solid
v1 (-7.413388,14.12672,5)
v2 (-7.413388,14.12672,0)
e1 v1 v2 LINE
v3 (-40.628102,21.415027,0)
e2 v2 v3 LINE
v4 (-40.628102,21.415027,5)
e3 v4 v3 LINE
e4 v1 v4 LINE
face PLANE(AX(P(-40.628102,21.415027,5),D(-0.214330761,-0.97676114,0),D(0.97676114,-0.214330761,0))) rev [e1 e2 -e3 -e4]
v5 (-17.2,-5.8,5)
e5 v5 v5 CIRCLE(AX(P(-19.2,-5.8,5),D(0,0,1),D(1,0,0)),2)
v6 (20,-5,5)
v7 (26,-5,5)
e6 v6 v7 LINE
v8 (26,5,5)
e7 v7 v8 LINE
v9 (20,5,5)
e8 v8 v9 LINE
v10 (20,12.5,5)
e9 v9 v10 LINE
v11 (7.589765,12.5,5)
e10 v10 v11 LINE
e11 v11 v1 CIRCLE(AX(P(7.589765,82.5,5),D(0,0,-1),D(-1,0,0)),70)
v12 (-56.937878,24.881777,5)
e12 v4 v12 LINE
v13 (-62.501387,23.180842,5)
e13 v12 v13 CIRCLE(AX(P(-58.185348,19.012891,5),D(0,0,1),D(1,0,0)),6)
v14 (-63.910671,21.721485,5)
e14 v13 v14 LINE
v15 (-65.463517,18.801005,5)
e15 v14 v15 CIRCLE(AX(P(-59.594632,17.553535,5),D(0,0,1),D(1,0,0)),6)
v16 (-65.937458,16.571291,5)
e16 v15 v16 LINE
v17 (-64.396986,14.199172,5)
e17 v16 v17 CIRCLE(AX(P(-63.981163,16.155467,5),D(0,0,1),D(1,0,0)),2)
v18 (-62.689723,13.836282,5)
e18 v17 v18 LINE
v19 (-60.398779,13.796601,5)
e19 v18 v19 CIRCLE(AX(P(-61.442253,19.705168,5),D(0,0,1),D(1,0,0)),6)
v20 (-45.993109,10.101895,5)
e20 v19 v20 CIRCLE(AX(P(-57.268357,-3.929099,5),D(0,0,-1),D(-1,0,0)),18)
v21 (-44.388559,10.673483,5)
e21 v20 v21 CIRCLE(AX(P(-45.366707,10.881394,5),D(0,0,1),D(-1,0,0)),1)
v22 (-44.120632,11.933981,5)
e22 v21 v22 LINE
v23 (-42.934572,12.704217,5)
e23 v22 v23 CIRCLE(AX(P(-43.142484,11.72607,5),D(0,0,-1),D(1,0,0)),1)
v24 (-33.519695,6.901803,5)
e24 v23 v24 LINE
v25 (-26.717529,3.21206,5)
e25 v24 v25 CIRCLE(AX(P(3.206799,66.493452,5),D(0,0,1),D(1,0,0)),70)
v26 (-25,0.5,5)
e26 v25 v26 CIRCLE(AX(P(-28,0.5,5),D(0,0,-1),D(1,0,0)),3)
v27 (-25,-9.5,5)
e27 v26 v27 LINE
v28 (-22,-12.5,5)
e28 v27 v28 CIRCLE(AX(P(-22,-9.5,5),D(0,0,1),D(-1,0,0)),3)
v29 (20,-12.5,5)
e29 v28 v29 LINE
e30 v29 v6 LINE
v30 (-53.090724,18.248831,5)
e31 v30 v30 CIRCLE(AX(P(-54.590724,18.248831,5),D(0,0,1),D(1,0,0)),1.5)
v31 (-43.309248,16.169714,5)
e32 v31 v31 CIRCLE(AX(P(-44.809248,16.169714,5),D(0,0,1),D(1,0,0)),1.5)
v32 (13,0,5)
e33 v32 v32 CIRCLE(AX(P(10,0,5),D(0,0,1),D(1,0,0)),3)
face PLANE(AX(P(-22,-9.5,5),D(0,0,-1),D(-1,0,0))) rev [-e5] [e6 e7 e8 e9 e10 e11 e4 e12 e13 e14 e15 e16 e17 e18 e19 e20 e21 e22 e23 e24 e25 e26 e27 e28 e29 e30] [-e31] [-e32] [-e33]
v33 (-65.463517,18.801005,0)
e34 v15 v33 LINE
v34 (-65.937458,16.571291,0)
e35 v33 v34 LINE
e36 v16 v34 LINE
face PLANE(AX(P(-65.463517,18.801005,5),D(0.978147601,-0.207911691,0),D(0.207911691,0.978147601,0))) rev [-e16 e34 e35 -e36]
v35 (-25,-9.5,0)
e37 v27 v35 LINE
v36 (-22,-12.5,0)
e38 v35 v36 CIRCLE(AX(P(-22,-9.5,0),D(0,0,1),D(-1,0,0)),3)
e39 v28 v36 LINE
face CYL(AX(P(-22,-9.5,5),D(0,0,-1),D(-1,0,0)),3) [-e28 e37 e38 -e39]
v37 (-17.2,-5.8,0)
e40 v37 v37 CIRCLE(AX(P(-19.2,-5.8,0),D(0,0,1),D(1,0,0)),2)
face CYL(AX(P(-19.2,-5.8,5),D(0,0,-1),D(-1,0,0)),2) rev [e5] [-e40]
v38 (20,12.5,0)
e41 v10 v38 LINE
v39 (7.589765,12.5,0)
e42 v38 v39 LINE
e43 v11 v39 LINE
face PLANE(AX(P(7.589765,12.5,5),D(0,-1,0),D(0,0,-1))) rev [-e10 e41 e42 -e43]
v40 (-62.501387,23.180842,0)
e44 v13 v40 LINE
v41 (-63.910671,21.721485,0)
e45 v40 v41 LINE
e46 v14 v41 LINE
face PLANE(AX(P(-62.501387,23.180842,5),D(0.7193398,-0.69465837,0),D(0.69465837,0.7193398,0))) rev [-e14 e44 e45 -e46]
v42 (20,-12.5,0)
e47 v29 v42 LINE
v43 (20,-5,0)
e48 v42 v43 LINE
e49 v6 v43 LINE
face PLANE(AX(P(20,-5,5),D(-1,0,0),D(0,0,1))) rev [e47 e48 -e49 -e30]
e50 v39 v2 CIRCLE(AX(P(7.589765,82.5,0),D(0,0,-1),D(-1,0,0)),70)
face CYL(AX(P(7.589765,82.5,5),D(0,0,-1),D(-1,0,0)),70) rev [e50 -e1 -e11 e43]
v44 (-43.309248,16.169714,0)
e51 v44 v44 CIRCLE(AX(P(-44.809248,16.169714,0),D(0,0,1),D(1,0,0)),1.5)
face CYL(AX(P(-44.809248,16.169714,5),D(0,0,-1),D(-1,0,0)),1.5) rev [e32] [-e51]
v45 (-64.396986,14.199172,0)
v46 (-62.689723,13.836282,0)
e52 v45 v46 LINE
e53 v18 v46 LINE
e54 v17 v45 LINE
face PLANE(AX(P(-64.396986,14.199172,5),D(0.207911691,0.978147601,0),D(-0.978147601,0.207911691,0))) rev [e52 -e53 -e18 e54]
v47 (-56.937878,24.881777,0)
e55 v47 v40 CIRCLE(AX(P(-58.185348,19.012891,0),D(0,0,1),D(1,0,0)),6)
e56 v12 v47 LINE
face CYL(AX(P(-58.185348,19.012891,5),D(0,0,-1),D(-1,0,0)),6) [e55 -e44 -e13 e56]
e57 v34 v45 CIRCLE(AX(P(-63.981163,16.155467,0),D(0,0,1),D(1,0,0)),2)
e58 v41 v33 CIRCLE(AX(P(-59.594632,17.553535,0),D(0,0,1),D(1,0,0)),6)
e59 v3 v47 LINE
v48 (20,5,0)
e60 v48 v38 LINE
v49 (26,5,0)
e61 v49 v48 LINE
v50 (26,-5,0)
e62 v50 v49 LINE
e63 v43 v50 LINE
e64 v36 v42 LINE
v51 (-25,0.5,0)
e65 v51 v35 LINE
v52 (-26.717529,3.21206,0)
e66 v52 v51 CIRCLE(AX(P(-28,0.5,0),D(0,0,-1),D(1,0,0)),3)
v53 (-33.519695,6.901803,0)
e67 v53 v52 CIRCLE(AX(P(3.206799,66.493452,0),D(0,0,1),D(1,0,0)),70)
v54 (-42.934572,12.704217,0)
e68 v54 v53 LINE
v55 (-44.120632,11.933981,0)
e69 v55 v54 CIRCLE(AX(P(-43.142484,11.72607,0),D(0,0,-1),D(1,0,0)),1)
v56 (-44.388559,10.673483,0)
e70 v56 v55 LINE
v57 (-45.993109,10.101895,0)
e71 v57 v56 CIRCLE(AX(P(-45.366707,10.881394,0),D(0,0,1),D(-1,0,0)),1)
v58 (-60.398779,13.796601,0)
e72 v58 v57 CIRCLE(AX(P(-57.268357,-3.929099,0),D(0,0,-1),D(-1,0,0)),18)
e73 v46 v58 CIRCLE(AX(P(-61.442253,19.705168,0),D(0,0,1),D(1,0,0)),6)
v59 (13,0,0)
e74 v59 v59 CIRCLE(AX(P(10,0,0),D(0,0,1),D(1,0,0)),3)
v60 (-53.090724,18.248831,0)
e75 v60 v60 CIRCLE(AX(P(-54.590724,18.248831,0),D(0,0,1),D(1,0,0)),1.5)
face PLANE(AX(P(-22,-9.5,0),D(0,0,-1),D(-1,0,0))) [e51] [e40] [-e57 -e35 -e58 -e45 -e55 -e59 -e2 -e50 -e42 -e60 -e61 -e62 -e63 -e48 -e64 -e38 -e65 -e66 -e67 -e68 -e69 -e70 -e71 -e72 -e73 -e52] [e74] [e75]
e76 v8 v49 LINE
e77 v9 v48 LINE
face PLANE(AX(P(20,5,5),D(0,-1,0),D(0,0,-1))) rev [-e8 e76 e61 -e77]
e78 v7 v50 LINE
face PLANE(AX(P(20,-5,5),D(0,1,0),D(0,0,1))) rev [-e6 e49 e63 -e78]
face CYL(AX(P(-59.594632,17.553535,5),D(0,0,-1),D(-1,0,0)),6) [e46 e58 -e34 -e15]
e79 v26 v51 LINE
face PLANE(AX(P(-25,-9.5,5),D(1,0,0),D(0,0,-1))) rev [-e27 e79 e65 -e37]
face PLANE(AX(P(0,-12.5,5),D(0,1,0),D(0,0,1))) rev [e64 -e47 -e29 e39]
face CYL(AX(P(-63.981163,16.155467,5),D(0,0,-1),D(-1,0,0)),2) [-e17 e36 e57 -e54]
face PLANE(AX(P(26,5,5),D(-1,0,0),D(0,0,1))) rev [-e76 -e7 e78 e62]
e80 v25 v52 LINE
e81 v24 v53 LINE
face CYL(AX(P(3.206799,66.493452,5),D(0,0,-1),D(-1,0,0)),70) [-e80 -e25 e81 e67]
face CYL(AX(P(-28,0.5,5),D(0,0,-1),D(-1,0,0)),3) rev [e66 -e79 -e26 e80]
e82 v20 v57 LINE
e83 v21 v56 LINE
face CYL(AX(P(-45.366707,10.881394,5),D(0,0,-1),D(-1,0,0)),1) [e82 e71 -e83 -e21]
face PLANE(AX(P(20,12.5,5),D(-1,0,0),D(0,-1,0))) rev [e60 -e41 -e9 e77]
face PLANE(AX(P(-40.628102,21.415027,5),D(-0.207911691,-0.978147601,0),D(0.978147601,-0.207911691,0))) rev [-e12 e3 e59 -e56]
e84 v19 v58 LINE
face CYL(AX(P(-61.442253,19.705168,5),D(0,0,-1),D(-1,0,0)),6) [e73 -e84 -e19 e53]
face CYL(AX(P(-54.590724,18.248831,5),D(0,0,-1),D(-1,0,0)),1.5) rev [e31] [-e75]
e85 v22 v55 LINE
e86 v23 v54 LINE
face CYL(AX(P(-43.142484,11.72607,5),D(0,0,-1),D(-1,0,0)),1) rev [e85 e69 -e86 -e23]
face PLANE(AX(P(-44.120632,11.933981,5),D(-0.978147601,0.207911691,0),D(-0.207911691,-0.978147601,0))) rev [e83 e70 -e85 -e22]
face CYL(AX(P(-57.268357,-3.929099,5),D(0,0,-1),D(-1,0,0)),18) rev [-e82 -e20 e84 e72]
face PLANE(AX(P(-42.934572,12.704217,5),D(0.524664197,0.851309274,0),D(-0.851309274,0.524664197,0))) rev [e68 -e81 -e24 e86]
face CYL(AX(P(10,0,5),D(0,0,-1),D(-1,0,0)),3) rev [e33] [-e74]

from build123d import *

# Parameters (mm, degrees)
SKETCH1_R           = 3
SKETCH1_R_2         = 2
SKETCH1_R_3         = 1.5
BOSS_EXTRUDE1_DEPTH = 5


with BuildPart() as part:
    # Sketch1 → Boss-Extrude1 (new body)
    with BuildSketch(Plane.XY):
        with BuildLine():
            Line((7.589765397, 12.5), (20, 12.5))
            Line((20, 12.5), (20, 5))
            Line((20, 5), (26, 5))
            Line((26, 5), (26, -5))
            Line((26, -5), (20, -5))
            Line((20, -5), (20, -12.5))
            Line((20, -12.5), (0, -12.5))
            Line((0, -12.5), (-22, -12.5))
            ThreePointArc((-22, -12.5), (-24.121320344, -11.621320344), (-25, -9.5))
            Line((-25, -9.5), (-25, 0.5))
            ThreePointArc((-25, 0.5), (-25.465496735, 2.105083549), (-26.717528799, 3.212059663))
            ThreePointArc((-26.717528799, 3.212059663), (-30.169638016, 4.962862371), (-33.519694565, 6.901802618))
            Line((-33.519694565, 6.901802618), (-42.934572397, 12.704217168))
            ThreePointArc((-42.934572397, 12.704217168), (-43.687123123, 12.564740135), (-44.120631689, 11.933981258))
            Line((-44.120631689, 11.933981258), (-44.388558942, 10.673482635))
            ThreePointArc((-44.388558942, 10.673482635), (-45.031133401, 9.939380171), (-45.993109182, 10.101894657))
            ThreePointArc((-45.993109182, 10.101894657), (-52.796527237, 13.506575009), (-60.398778904, 13.796601081))
            ThreePointArc((-60.398778904, 13.796601081), (-61.546162789, 13.706067739), (-62.68972312, 13.836282296))
            Line((-62.68972312, 13.836282296), (-64.396986027, 14.199172229))
            ThreePointArc((-64.396986027, 14.199172229), (-65.658503782, 15.066189361), (-65.937457847, 16.571290812))
            Line((-65.937457847, 16.571290812), (-65.463517392, 18.801005349))
            ThreePointArc((-65.463517392, 18.801005349), (-64.892317345, 20.370364581), (-63.91067059, 21.721485427))
            Line((-63.91067059, 21.721485427), (-62.501386729, 23.180841584))
            ThreePointArc((-62.501386729, 23.180841584), (-59.939578156, 24.750719897), (-56.937877783, 24.881776966))
            Line((-56.937877783, 24.881776966), (-40.62810218, 21.415027142))
            Line((-40.62810218, 21.415027142), (-7.413387902, 14.126720197))
            ThreePointArc((-7.413387902, 14.126720197), (0.044223211, 12.90786831), (7.589765397, 12.5))
        make_face()
        with Locations((10, 0)):
            Circle(SKETCH1_R, mode=Mode.SUBTRACT)
        with Locations((-19.2, -5.8)):
            Circle(SKETCH1_R_2, mode=Mode.SUBTRACT)
        with Locations((-54.590724376, 18.248830539)):
            Circle(SKETCH1_R_3, mode=Mode.SUBTRACT)
        with Locations((-44.809248369, 16.169713631)):
            Circle(SKETCH1_R_3, mode=Mode.SUBTRACT)
    extrude(amount=BOSS_EXTRUDE1_DEPTH)


solid = part.part
